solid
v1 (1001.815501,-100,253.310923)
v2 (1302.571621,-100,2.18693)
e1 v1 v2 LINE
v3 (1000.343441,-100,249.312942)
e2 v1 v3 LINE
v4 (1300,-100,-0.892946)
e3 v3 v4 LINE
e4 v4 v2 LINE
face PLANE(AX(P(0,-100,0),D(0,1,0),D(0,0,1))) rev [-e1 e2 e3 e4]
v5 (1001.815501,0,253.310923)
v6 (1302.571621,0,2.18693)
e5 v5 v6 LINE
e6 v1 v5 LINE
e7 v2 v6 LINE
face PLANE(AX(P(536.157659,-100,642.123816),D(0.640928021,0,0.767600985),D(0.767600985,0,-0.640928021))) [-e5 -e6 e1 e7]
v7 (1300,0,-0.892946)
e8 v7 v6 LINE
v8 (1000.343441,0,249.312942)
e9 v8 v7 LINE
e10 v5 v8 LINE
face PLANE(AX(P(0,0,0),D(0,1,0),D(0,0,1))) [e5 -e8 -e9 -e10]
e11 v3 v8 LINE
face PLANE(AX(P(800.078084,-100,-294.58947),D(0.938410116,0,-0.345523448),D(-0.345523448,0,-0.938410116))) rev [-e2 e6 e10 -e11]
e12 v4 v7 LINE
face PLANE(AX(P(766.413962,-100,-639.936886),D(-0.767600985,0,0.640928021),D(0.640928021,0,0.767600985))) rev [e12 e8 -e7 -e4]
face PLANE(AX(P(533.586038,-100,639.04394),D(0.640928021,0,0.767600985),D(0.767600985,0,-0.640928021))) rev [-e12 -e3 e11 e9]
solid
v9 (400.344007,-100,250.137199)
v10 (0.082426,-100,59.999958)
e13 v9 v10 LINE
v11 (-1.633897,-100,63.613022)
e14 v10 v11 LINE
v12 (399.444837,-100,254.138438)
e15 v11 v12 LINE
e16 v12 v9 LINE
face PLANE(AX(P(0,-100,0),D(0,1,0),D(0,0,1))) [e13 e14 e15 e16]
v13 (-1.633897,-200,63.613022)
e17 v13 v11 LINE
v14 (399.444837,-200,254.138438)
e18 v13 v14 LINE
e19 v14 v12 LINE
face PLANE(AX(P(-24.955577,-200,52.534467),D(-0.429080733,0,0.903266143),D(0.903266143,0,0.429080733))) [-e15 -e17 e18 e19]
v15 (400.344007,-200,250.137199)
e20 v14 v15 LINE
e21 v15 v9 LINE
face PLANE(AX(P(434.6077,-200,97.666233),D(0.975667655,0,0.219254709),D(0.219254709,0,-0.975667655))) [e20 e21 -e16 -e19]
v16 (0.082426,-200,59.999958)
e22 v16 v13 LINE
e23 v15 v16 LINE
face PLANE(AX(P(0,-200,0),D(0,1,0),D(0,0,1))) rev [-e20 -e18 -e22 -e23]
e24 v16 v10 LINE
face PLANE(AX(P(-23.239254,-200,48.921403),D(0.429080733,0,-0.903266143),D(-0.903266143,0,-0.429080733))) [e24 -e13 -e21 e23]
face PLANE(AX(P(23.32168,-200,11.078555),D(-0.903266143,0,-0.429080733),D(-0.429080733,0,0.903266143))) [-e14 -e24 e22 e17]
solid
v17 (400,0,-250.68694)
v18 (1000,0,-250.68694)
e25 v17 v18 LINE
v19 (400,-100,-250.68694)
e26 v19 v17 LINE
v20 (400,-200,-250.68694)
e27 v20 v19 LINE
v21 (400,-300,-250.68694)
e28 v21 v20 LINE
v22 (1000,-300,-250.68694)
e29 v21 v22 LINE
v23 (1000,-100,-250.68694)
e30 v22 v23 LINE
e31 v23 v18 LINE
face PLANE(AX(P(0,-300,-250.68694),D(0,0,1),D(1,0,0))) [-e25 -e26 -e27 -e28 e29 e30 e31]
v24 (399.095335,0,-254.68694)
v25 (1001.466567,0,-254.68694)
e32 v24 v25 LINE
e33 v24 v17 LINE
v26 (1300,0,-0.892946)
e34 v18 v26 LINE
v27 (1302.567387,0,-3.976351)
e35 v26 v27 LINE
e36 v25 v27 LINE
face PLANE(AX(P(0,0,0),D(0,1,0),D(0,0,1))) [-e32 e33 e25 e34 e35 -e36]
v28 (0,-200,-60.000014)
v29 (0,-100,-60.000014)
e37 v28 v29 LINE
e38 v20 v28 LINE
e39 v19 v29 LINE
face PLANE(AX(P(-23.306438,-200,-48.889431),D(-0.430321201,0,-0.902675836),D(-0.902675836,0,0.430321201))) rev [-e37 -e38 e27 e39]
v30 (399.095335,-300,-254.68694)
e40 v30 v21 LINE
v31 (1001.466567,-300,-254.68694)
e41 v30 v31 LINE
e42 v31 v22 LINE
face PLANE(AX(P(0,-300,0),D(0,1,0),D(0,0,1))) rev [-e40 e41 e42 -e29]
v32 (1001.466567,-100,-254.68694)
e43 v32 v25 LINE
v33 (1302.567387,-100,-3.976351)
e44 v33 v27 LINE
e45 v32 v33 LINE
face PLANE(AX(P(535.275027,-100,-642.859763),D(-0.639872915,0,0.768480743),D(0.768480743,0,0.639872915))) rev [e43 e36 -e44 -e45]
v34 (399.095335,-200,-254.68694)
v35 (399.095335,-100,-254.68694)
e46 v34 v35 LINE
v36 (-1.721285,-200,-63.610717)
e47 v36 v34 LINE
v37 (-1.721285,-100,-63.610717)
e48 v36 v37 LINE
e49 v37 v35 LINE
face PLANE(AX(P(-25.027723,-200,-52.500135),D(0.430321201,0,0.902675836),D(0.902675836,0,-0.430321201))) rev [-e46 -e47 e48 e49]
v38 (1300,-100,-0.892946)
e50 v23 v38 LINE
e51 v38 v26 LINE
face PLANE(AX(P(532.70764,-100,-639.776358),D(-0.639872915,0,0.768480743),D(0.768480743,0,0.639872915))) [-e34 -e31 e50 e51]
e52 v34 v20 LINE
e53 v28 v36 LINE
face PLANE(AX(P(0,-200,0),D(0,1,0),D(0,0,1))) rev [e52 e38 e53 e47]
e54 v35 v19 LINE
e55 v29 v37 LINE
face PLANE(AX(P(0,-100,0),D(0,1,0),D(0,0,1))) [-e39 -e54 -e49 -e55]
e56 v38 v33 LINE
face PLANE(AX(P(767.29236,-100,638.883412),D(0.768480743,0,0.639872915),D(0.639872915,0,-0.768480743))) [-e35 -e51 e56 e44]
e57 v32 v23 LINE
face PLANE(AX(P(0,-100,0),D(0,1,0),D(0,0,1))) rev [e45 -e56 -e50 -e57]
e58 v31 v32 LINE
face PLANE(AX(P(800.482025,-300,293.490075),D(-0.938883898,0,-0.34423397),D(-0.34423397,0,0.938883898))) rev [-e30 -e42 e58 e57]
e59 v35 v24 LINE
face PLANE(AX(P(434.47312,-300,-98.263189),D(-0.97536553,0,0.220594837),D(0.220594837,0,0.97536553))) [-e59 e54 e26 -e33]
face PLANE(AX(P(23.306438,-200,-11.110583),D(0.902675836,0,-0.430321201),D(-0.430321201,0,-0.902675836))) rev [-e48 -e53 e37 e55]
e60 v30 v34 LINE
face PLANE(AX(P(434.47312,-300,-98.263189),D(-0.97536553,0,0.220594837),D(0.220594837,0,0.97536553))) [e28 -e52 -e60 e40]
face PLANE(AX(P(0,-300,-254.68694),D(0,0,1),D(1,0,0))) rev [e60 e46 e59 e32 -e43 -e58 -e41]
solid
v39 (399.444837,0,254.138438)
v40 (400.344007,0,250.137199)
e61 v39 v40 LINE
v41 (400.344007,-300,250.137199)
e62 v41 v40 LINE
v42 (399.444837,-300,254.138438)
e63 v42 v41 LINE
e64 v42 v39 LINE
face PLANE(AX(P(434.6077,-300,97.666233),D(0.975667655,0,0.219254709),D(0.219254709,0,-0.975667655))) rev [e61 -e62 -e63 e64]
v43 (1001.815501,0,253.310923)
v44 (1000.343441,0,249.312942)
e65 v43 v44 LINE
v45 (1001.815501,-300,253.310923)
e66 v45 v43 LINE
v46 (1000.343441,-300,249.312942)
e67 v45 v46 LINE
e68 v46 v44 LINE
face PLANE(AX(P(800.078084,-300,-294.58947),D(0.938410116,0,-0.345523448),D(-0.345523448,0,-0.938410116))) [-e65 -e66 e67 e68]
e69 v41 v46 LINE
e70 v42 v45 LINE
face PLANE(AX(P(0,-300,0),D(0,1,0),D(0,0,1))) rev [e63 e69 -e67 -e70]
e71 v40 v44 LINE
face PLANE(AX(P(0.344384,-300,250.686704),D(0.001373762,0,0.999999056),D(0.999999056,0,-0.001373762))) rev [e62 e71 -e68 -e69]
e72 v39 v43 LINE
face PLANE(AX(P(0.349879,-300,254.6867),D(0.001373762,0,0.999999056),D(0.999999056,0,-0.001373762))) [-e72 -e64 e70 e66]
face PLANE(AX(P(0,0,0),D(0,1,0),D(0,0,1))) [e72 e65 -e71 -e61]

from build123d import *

# Parameters (mm, degrees)
BOSS_EXTRUDE2_DEPTH   = 300
BOSS_EXTRUDE2_2_DEPTH = 300
BOSS_EXTRUDE3_DEPTH   = 100
BOSS_EXTRUDE6_START   = -100
BOSS_EXTRUDE6_DEPTH   = 100


with BuildPart() as part:
    # Sketch1 → Boss-Extrude2 (new body)
    with BuildSketch(Plane(origin=(0, 0, 0), x_dir=(1, 0, 0), z_dir=(0, 1, 0))):
        Polygon((1001.466566722, 254.686940296), (399.095334701, 254.686940296), (400, 250.686940296), (1000, 250.686940296), align=None)
    extrude(amount=-BOSS_EXTRUDE2_DEPTH)

    # Sketch1_8 → Boss-Extrude3 (add)
    with BuildSketch(Plane(origin=(0, 0, 0), x_dir=(1, 0, 0), z_dir=(0, 1, 0))):
        Polygon((1302.571620685, -2.186929879), (1300, 0.892945716), (1000.343440579, -249.312941753), (1001.815500965, -253.310923265), align=None)
        Polygon((1302.567387242, 3.976351199), (1001.466566722, 254.686940296), (1000, 250.686940296), (1300, 0.892945716), align=None)
    extrude(amount=-BOSS_EXTRUDE3_DEPTH)


with BuildPart() as body_2:
    # Sketch1 → Boss-Extrude2 2 (new body)
    with BuildSketch(Plane(origin=(0, 0, 0), x_dir=(1, 0, 0), z_dir=(0, 1, 0))):
        Polygon((1001.815500965, -253.310923265), (1000.343440579, -249.312941753), (400.344006746, -250.137198948), (399.444837348, -254.138437968), align=None)
    extrude(amount=-BOSS_EXTRUDE2_2_DEPTH)


with BuildPart() as boss_extrude3_piece_1:
    # of the separate pieces the step leaves, piece 1, a body of its own (boss_extrude3_pieces)
    add(part.part.solids().sort_by_distance((1001.466566722, 0, -254.686940296))[0])

    # Sketch1_11 → Boss-Extrude6 (add)
    with BuildSketch(Plane(origin=(0, 0, 0), x_dir=(1, 0, 0), z_dir=(0, 1, 0)).offset(BOSS_EXTRUDE6_START)):
        Polygon((399.095334701, 254.686940296), (-1.721284804, 63.610717496), (0, 60.000014154), (400, 250.686940296), align=None)
        Polygon((399.444837348, -254.138437968), (400.344006746, -250.137198948), (0.082425739, -59.999957537), (-1.633897194, -63.613022108), align=None)
    extrude(amount=-BOSS_EXTRUDE6_DEPTH)


with BuildPart() as boss_extrude3_piece_2:
    # of the separate pieces the step leaves, piece 2, a body of its own (boss_extrude3_pieces)
    add(part.part.solids().sort_by_distance((1000.343440579, 0, 249.312941753))[0])


with BuildPart() as boss_extrude6_piece_1:
    # of the separate pieces the step leaves, piece 1, a body of its own (boss_extrude6_pieces)
    add(boss_extrude3_piece_1.part.solids().sort_by_distance((1001.466566722, 0, -254.686940296))[0])


with BuildPart() as boss_extrude6_piece_2:
    # of the separate pieces the step leaves, piece 2, a body of its own (boss_extrude6_pieces)
    add(boss_extrude3_piece_1.part.solids().sort_by_distance((0.082425739, -100, 59.999957537))[0])


solid = Compound([body_2.part, boss_extrude3_piece_2.part, boss_extrude6_piece_1.part, boss_extrude6_piece_2.part])
